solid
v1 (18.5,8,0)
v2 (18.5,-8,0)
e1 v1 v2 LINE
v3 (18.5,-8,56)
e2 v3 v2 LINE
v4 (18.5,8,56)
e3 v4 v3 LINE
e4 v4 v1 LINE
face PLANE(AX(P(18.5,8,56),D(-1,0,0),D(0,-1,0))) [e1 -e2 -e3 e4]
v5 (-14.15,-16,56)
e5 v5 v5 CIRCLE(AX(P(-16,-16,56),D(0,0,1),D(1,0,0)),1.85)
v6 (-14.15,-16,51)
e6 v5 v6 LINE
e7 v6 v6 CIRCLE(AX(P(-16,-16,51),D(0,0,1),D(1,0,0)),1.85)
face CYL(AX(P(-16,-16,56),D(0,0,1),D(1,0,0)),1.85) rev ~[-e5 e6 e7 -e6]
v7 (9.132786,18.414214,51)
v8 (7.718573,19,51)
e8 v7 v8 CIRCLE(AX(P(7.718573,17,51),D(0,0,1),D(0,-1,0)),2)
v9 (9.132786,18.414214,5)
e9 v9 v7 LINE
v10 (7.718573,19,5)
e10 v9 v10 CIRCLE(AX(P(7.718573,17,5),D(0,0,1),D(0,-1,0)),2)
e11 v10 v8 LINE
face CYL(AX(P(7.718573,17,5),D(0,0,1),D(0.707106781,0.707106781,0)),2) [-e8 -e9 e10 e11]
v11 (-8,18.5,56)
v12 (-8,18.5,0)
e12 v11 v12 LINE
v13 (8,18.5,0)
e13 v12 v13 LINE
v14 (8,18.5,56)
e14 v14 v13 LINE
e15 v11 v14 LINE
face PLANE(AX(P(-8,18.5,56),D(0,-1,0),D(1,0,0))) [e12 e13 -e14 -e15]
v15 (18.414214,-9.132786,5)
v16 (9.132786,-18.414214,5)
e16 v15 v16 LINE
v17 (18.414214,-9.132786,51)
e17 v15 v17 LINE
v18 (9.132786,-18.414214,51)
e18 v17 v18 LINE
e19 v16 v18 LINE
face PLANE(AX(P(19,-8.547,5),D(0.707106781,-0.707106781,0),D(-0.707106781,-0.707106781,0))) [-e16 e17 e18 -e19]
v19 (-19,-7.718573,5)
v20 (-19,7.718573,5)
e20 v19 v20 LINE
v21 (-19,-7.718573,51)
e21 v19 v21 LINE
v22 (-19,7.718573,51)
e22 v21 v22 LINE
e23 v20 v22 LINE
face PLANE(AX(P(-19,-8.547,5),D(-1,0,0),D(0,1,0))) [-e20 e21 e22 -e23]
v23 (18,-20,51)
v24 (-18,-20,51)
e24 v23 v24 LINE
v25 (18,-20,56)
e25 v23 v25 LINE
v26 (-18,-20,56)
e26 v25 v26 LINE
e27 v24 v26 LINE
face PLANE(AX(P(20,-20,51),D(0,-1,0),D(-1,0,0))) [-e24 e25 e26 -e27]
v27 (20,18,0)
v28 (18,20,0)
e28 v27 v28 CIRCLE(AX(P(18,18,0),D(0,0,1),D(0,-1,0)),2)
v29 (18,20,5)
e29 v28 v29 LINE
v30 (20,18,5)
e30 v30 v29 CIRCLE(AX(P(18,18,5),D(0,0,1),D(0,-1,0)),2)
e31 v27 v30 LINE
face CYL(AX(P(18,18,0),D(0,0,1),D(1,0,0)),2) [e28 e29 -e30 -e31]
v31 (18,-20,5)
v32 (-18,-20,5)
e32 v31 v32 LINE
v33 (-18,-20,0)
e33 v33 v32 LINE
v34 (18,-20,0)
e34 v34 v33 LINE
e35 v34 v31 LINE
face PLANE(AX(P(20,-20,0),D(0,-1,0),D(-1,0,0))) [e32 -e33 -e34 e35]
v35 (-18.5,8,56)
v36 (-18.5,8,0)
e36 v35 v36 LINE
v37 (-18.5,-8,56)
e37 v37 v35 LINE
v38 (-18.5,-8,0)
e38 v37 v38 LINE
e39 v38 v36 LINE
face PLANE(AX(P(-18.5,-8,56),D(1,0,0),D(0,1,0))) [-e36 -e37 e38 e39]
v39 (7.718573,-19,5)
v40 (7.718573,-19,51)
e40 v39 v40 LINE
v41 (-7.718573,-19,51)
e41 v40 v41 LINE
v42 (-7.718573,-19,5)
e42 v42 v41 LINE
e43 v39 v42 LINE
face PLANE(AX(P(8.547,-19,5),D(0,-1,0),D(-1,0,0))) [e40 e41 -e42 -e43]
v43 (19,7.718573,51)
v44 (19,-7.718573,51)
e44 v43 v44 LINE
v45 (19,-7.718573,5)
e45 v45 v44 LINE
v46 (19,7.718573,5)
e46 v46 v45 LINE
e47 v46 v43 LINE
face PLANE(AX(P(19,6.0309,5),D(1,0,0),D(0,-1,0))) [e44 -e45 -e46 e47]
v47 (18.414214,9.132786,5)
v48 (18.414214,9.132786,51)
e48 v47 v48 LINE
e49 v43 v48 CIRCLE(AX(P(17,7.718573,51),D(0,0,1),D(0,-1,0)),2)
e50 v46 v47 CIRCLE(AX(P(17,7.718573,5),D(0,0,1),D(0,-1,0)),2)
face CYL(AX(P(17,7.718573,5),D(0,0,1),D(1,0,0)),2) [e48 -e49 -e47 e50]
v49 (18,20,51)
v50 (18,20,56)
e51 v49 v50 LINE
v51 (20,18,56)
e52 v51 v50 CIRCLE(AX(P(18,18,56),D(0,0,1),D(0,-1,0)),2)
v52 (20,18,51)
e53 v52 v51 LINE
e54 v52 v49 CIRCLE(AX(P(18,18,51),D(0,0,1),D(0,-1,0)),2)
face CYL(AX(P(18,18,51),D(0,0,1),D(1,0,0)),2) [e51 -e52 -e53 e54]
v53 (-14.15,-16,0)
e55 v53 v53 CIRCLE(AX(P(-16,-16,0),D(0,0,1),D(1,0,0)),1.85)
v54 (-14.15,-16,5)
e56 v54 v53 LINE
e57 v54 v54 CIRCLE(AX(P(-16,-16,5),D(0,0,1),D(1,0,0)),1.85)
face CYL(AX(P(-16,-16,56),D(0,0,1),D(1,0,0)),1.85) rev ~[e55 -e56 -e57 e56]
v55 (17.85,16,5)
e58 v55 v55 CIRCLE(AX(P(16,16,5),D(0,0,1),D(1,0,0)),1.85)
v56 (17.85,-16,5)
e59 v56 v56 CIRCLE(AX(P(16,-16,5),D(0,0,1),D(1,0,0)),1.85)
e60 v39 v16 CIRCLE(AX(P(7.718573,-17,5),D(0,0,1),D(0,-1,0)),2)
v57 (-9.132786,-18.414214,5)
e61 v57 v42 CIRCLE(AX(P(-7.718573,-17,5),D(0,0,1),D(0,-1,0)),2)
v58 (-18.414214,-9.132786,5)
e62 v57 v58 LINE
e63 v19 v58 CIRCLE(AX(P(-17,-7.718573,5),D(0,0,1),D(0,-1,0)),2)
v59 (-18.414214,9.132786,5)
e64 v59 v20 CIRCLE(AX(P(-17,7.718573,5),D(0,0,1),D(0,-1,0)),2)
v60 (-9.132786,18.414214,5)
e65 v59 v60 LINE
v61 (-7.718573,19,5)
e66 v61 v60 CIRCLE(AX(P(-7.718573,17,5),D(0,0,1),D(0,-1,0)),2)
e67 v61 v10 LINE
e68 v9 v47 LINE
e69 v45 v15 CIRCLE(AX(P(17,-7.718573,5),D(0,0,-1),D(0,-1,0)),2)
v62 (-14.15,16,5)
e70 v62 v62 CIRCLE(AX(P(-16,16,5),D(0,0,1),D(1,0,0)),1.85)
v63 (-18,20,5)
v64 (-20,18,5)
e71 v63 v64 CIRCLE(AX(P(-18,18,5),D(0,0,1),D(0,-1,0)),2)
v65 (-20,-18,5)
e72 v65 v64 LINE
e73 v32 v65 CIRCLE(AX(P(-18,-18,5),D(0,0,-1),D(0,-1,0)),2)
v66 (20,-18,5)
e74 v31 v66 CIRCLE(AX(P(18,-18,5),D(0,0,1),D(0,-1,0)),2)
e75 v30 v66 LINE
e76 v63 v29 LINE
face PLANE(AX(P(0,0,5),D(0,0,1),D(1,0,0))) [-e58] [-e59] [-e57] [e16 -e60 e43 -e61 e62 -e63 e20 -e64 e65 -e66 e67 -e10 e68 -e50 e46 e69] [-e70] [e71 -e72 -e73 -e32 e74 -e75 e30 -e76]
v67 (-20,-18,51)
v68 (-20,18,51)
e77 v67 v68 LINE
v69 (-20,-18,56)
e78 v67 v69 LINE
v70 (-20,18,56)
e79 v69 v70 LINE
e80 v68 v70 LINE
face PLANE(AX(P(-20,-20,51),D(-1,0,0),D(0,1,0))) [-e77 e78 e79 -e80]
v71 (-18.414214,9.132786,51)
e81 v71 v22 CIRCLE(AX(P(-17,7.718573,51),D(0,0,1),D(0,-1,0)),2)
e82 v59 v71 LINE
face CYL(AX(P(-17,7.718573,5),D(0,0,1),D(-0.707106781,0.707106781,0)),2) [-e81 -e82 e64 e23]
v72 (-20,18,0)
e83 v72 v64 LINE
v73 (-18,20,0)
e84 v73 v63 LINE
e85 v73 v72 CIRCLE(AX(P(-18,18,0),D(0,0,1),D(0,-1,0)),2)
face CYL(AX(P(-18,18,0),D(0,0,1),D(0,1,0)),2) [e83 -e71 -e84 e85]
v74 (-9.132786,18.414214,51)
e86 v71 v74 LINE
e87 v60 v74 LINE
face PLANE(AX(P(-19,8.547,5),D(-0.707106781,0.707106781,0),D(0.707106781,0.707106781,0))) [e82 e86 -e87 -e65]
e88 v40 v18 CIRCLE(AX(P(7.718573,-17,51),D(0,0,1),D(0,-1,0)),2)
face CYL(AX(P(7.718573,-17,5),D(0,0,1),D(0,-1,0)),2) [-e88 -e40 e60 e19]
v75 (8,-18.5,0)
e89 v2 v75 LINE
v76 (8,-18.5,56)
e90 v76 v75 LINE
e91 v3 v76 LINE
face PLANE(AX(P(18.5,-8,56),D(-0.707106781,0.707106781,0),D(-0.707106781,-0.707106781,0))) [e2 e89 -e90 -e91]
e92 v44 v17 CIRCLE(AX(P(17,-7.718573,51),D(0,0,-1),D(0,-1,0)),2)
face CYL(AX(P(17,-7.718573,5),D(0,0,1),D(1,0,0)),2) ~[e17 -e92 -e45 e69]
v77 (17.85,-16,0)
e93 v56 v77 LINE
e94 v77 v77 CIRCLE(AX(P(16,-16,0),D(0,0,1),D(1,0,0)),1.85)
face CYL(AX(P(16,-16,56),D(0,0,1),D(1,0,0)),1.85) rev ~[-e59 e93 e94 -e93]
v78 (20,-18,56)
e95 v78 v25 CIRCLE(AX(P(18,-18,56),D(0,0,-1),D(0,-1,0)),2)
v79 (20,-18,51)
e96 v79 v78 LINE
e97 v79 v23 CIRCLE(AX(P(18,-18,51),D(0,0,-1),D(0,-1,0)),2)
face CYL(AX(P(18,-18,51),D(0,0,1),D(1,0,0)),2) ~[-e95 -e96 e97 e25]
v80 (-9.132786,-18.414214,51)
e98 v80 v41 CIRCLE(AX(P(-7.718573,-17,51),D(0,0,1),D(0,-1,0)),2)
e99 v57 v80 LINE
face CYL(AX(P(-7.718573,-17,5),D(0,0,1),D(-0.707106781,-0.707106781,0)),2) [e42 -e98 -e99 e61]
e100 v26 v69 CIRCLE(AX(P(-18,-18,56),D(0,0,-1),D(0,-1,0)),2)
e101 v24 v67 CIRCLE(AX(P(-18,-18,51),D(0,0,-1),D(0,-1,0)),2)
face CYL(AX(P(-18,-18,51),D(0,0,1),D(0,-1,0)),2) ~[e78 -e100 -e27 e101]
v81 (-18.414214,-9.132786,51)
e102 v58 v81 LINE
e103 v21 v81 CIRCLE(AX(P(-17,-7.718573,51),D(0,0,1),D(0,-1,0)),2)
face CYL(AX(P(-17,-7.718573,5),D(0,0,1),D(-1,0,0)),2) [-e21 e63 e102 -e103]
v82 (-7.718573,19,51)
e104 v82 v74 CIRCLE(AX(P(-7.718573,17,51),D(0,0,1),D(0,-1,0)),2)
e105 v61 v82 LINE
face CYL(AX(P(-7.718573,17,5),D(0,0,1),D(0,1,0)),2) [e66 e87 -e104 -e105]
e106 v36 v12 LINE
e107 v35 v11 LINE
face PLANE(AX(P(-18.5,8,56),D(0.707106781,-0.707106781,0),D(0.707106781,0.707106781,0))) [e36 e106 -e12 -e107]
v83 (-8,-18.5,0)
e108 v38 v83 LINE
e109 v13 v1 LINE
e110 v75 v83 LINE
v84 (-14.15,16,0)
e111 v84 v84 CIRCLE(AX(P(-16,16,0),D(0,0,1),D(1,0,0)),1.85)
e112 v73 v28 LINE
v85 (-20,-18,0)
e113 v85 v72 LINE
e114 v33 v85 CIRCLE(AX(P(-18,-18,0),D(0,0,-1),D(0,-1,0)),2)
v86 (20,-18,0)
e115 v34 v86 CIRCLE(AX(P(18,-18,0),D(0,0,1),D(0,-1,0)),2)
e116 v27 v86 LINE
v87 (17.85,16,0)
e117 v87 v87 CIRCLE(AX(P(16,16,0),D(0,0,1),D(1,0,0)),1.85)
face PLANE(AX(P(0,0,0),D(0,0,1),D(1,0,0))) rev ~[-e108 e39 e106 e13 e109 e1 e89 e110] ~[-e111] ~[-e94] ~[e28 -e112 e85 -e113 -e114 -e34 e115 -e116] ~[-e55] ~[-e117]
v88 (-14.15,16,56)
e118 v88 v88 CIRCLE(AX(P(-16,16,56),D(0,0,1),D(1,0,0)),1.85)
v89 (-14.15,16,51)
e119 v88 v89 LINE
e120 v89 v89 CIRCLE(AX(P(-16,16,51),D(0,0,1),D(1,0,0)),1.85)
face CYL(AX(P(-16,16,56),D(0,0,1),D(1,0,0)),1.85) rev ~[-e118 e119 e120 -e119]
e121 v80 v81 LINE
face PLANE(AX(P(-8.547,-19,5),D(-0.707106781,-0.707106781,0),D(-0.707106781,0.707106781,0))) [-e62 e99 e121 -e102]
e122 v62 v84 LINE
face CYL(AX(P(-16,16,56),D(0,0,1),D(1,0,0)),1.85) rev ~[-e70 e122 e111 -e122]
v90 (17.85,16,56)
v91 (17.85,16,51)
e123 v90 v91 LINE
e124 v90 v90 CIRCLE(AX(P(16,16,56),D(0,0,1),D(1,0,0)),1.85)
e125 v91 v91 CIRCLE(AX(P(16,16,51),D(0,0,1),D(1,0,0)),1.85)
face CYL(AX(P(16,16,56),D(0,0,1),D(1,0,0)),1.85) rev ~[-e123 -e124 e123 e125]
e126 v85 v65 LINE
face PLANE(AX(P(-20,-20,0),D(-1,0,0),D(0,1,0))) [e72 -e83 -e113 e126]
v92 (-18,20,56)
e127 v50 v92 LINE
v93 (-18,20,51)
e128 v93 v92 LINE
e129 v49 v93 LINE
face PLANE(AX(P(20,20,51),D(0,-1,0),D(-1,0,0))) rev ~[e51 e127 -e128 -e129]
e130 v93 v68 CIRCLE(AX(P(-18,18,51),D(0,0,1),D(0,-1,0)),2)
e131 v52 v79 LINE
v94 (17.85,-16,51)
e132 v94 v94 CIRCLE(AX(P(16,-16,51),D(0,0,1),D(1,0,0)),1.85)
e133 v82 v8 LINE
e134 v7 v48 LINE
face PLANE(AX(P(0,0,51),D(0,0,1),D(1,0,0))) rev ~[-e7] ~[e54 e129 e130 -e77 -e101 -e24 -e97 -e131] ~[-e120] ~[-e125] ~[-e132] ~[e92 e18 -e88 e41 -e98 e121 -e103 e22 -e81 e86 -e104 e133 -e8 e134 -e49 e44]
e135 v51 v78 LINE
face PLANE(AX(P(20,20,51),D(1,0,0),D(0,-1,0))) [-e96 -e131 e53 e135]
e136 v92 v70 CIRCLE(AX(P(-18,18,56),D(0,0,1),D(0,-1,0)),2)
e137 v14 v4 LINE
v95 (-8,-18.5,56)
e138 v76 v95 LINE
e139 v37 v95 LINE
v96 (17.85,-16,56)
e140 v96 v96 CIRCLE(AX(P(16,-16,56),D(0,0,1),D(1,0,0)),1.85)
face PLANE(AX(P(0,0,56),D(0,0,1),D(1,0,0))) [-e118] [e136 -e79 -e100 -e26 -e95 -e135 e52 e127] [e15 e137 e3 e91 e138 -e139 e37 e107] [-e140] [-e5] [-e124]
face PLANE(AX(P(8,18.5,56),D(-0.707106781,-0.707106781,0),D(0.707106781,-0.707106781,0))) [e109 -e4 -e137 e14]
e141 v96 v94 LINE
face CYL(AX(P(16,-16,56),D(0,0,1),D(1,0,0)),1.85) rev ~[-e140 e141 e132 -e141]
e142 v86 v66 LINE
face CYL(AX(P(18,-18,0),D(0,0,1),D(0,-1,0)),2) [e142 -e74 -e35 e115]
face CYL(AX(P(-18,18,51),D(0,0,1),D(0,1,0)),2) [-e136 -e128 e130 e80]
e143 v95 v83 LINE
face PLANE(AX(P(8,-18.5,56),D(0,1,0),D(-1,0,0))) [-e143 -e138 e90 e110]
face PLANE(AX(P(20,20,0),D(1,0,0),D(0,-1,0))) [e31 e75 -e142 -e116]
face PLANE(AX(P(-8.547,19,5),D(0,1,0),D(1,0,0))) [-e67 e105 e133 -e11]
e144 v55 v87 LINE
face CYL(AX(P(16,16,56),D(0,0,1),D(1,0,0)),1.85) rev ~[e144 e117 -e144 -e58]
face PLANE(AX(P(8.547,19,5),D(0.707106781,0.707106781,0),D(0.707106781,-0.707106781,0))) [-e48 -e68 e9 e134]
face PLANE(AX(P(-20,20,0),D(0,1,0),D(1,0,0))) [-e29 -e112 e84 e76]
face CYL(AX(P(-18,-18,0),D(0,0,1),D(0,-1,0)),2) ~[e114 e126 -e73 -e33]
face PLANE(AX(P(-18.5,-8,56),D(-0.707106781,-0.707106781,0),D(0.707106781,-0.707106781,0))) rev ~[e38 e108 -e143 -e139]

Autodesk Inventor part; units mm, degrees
ref_plane "YZ Plane" through (0, 0, 0) normal (1, 0, 0) x (0, 1, 0)
ref_plane "XZ Plane" through (0, 0, 0) normal (0, 1, 0) x (-1, 0, 0)
ref_plane "XY Plane" through (0, 0, 0) normal (0, 0, 1) x (1, 0, 0)
sketch "Sketch1" plane through (0, 0, 0) normal (0, 0, 1) x (1, 0, 0)
  line L0 (20, -20) -> (-20, -20)
  line L1 (-20, -20) -> (-20, 20)
  line L2 (-20, 20) -> (20, 20)
  line L3 (20, 20) -> (20, -20)
  line L4 (20, -20) -> (-20, 20) construction
  line L5 (-20, -20) -> (20, 20) construction
  point P0 (0, 0)
  dimension "d0" = 40
  dimension "d1" = 40
extrude "Extrusion1" add sketch "Sketch1" along normal blind 5
sketch "Sketch2" plane through (0, 0, 5) normal (0, 0, 1) x (1, 0, 0)
  line L0 (20, 20) -> (-20, 20) projected
  line L1 (-20, 20) -> (-20, -20) projected
  line L2 (8.547, -19) -> (-8.547, -19)
  line L3 (-19, -8.547) -> (-19, 8.547)
  line L4 (-8.547, 19) -> (8.547, 19)
  line L5 (19, 8.547) -> (19, -8.547)
  line L6 (19, -19) -> (-19, 19) construction
  line L7 (-19, -19) -> (19, 19) construction
  line L8 (19, 6.0309) -> (19, -12.9361)
  line L9 (-19, 8.547) -> (-8.547, 19)
  line L10 (8.547, 19) -> (19, 8.547)
  line L11 (19, -8.547) -> (8.547, -19)
  line L12 (-8.547, -19) -> (-19, -8.547)
  point P0 (0, 0)
  dimension "d16" = 38
  dimension "d17" = 38
  dimension "d18" = 10.453
  dimension "d19" = 10.453
  dimension "d20" = 10.453
  dimension "d21" = 10.453
  dimension "d22" = 10.453
  dimension "d23" = 10.453
  dimension "d24" = 10.453
  dimension "d25" = 10.453
extrude "Extrusion2" add sketch "Sketch2" along normal blind 46
sketch "Sketch3" plane through (0, 0, 51) normal (0, 0, 1) x (1, 0, 0)
  line L0 (20, 20) -> (-20, 20) projected
  line L1 (20, -20) -> (-20, -20)
  line L2 (-20, -20) -> (-20, 20)
  line L3 (-20, 20) -> (20, 20)
  line L4 (20, 20) -> (20, -20)
  line L5 (20, -20) -> (-20, 20) construction
  line L6 (-20, -20) -> (20, 20) construction
  point P0 (0, 0)
extrude "Extrusion3" add sketch "Sketch3" along normal blind 5
sketch "Sketch5" plane through (0, 0, 56) normal (0, 0, 1) x (1, 0, 0)
  line L0 (8, -18.5) -> (-8, -18.5)
  line L1 (-18.5, -8) -> (-18.5, 8)
  line L2 (-8, 18.5) -> (8, 18.5)
  line L3 (18.5, 8) -> (18.5, -8)
  line L4 (18.5, -18.5) -> (-18.5, 18.5) construction
  line L5 (-18.5, -18.5) -> (18.5, 18.5) construction
  line L6 (-18.5, 8) -> (-8, 18.5)
  line L7 (8, 18.5) -> (18.5, 8)
  line L8 (18.5, -8) -> (8, -18.5)
  line L9 (-18.5, -8) -> (-8, -18.5)
  point P0 (0, 0)
  dimension "d27" = 37
  dimension "d28" = 37
  dimension "d29" = 10.5
  dimension "d30" = 10.5
  dimension "d31" = 10.5
  dimension "d32" = 10.5
  dimension "d33" = 10.5
  dimension "d34" = 10.5
  dimension "d35" = 10.5
  dimension "d36" = 10.5
extrude "Extrusion5" cut sketch "Sketch5" against normal through all
fillet "Fillet2" radius 2 16 edges at (20, 20, 53.5) (20, 20, 2.5) (-20, 20, 53.5) (-20, 20, 2.5) (-20, -20, 53.5) (-20, -20, 2.5) (20, -20, 53.5) (20, -20, 2.5) (19, -8.547, 28) (8.547, -19, 28) (-8.547, -19, 28) (-19, -8.547, 28) (-19, 8.547, 28) (-8.547, 19, 28) (8.547, 19, 28) (19, 8.547, 28)
sketch "Sketch6" plane through (0, 0, 56) normal (0, 0, 1) x (1, 0, 0)
  line L0 (-16, -16) -> (16, -16) construction
  line L1 (16, -16) -> (16, 16) construction
  line L2 (16, 16) -> (-16, 16) construction
  line L3 (-16, 16) -> (-16, -16) construction
  line L4 (-16, -16) -> (16, 16) construction
  line L5 (16, -16) -> (-16, 16) construction
  circle A0 centre (16, 16) radius 1.85
  circle A1 centre (16, -16) radius 1.85
  circle A2 centre (-16, -16) radius 1.85
  circle A3 centre (-16, 16) radius 1.85
  point P0 (0, 0)
  dimension "d40" = 32
  dimension "d41" = 32
  dimension "d42" = 3.7
  dimension "d43" = 3.7
  dimension "d44" = 3.7
  dimension "d45" = 3.7
extrude "Extrusion6" cut sketch "Sketch6" against normal blind 56
equation "\"d19\" = d18"
equation "\"d20\" = d18"
equation "\"d21\" = d20"
equation "\"d22\" = d18"
equation "\"d23\" = d22"
equation "\"d24\" = d18"
equation "\"d25\" = d24"
equation "\"d30\" = d29"
equation "\"d31\" = d29"
equation "\"d32\" = d31"
equation "\"d33\" = d29"
equation "\"d34\" = d33"
equation "\"d35\" = d29"
equation "\"d36\" = d35"
properties part number "fan"
